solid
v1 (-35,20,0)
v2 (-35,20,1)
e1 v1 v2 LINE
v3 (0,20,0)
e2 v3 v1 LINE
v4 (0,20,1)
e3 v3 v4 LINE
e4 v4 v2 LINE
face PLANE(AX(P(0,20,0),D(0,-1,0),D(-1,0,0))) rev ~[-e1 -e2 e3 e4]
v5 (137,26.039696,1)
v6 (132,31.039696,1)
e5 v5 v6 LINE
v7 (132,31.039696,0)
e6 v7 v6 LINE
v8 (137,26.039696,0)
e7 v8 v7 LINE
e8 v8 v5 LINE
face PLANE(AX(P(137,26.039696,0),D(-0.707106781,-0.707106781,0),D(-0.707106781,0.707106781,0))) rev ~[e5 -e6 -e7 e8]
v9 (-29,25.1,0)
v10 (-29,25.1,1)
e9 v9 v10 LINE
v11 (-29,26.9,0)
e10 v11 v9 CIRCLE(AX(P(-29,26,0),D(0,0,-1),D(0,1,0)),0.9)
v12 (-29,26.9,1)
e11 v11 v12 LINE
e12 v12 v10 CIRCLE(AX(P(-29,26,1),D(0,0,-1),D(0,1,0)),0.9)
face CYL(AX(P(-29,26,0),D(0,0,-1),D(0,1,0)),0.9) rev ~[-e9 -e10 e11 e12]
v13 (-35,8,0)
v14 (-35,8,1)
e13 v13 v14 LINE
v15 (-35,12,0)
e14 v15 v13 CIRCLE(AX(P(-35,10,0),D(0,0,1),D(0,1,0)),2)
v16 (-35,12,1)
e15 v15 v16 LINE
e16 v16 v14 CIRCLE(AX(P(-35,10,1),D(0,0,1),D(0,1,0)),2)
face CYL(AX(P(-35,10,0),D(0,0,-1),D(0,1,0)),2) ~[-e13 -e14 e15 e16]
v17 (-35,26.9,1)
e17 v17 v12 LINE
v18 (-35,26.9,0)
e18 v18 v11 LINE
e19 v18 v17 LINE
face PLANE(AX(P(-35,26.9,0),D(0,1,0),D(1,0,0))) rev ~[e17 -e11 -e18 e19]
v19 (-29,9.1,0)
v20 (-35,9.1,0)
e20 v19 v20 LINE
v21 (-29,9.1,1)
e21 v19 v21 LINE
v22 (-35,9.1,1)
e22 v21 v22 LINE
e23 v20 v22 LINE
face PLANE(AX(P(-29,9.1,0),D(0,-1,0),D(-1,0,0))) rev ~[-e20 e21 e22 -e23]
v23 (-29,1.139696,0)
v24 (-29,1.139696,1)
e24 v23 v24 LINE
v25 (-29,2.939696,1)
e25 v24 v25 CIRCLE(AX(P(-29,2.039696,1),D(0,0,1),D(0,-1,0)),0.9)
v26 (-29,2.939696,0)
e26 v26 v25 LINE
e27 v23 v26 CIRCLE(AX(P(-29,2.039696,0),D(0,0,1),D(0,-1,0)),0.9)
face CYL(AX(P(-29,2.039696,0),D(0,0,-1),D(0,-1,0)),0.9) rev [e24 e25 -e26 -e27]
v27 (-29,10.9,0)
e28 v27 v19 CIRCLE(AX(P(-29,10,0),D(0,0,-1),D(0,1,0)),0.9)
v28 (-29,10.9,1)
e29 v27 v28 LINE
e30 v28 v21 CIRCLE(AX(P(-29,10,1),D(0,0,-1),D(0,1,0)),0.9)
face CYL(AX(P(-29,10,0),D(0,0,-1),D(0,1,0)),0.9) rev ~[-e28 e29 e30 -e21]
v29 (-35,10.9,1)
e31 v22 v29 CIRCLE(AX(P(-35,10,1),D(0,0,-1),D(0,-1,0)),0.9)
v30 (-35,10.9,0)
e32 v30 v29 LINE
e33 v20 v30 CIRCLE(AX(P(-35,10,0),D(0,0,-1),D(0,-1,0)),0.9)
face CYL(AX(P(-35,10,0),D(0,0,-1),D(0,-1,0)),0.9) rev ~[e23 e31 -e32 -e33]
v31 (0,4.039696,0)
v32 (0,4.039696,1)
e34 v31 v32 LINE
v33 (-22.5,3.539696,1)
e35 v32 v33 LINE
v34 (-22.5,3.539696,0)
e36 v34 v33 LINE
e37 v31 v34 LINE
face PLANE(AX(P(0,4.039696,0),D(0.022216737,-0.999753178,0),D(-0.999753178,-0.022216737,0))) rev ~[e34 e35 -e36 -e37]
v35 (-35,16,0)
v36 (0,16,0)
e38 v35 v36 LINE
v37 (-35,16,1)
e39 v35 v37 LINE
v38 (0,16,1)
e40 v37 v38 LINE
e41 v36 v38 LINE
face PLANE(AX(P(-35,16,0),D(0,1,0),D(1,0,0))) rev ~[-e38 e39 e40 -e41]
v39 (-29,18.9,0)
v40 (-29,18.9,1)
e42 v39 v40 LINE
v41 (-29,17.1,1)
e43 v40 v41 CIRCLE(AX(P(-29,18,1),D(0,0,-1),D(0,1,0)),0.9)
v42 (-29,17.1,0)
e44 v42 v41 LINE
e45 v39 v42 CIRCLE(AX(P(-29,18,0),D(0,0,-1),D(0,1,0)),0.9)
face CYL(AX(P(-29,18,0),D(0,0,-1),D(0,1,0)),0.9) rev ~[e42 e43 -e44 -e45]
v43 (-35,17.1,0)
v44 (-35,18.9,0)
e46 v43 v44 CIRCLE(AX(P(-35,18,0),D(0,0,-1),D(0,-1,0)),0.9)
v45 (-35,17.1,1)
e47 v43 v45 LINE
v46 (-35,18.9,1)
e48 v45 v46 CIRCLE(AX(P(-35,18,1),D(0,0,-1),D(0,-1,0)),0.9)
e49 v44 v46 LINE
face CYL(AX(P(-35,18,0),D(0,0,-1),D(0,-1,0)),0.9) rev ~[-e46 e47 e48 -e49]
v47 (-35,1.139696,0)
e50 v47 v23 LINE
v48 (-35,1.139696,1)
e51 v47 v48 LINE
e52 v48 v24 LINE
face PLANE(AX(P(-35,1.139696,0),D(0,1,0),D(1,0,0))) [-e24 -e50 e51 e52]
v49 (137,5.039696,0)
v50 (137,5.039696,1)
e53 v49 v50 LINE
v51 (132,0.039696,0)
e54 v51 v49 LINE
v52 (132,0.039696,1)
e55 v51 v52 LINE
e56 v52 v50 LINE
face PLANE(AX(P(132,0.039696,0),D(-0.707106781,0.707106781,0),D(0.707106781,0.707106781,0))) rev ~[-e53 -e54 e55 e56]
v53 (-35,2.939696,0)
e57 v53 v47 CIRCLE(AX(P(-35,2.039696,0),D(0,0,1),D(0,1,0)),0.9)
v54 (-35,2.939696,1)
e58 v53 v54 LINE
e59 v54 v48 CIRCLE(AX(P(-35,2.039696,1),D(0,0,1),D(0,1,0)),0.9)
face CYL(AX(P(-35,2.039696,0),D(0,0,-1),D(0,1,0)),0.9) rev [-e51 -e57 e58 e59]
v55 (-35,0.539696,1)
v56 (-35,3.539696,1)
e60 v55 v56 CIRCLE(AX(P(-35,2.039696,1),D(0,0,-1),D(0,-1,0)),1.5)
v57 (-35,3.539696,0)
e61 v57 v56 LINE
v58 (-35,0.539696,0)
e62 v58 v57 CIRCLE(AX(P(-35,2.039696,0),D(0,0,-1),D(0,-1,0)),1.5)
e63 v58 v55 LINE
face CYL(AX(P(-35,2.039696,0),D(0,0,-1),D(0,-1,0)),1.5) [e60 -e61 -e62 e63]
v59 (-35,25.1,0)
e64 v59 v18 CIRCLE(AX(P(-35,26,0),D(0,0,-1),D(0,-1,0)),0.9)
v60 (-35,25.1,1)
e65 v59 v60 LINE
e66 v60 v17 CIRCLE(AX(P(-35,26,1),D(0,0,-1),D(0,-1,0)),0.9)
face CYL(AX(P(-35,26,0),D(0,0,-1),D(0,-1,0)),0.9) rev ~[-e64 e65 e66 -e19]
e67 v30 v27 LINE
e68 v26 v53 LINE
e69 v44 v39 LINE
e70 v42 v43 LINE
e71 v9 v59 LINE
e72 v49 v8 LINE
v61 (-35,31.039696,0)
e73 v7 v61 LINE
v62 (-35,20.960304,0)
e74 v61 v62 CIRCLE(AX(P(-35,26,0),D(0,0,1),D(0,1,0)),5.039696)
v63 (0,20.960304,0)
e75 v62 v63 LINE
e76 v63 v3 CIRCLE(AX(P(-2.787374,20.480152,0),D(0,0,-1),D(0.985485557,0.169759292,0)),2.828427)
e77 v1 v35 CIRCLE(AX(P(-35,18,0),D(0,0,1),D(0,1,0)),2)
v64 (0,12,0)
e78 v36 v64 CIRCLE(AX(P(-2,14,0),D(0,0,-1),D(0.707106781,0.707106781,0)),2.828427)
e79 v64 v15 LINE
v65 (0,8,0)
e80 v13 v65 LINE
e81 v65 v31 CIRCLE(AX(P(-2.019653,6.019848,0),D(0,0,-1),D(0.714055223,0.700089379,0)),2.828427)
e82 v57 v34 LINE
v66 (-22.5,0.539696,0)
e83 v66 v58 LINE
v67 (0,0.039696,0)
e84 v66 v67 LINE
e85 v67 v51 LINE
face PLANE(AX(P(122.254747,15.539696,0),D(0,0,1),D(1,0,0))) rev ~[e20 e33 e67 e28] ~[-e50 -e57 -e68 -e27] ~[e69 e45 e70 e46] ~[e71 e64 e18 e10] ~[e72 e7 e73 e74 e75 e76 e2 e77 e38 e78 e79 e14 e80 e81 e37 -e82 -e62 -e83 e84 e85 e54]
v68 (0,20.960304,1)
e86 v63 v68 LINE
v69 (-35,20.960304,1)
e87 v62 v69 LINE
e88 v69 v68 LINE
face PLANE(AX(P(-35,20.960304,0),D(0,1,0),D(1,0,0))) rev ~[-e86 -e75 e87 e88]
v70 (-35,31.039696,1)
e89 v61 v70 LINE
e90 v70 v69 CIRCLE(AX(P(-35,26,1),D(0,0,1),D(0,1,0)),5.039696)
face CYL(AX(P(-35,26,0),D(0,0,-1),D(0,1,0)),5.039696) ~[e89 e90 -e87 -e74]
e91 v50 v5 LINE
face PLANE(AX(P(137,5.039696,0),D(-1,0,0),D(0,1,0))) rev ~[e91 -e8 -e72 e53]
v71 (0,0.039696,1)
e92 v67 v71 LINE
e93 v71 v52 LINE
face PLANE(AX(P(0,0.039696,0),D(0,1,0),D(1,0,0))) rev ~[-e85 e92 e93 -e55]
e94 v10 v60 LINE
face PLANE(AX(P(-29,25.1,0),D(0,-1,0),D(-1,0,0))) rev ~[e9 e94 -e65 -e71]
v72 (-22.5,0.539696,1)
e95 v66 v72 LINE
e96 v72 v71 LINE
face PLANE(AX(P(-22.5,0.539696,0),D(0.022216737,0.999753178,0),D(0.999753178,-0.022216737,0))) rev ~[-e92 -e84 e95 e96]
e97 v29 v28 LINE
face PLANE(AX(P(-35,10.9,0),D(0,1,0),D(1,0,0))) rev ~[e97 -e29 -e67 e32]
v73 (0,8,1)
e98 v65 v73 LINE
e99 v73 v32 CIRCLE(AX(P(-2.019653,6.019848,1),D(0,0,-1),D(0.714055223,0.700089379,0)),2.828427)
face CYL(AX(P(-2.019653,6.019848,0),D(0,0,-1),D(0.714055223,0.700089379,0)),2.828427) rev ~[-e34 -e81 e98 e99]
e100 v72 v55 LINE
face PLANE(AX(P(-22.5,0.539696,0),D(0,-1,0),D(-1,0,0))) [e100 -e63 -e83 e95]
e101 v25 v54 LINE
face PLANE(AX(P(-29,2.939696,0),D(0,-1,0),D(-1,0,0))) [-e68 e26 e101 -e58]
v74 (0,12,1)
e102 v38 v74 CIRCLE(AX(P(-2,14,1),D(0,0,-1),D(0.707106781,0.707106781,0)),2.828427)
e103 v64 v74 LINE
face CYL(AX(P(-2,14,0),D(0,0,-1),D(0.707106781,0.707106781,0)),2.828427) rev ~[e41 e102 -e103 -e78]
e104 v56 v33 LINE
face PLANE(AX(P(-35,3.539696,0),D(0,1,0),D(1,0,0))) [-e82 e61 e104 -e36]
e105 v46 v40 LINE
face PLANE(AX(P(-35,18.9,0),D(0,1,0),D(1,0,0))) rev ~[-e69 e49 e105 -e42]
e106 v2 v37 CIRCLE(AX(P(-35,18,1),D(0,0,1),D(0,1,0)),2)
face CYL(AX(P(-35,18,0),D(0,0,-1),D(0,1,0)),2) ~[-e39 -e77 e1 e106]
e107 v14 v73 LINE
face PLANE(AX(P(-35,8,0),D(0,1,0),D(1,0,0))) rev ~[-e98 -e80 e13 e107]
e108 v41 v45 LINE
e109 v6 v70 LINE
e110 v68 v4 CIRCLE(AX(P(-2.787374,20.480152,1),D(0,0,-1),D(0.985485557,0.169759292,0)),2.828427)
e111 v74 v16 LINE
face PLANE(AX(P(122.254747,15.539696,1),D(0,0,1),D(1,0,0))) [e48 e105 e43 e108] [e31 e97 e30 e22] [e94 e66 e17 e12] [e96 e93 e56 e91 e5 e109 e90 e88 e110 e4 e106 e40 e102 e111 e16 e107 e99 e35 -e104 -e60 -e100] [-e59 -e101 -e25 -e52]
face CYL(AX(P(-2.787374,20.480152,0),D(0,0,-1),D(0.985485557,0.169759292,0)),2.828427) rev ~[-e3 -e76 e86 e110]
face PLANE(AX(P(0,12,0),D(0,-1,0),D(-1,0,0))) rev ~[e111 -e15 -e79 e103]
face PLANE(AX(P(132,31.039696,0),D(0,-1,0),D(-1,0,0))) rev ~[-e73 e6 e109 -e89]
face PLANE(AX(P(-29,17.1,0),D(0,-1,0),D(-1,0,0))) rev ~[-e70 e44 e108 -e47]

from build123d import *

# Parameters (mm, degrees)
BOSS_EXTRU_1_DEPTH = 1


with BuildPart() as part:
    # Esquisse4 → Boss.-Extru.1 (new body)
    with BuildSketch(Plane.XY):
        Polygon((109.153274168, 31.039696422), (109.153274168, 0.039696422), (132, 0.039696422), (137, 5.039696422), (137, 26.039696422), (132, 31.039696422), align=None)
        with BuildLine():
            Line((0, 4.039696422), (-22.5, 3.539696422))
            Line((-22.5, 3.539696422), (-22.5, 0.539696422))
            Line((-22.5, 0.539696422), (0, 0.039696422))
            Line((0, 0.039696422), (109.153274168, 0.039696422))
            Line((109.153274168, 0.039696422), (109.153274168, 31.039696422))
            Line((109.153274168, 31.039696422), (0, 31.039696422))
            Line((0, 31.039696422), (-35, 31.039696422))
            ThreePointArc((-35, 31.039696422), (-40.039696422, 26), (-35, 20.960303578))
            Line((-35, 20.960303578), (0, 20.960303578))
            ThreePointArc((0, 20.960303578), (0.041053045, 20.480151789), (0, 20))
            Line((0, 20), (-35, 20))
            ThreePointArc((-35, 20), (-37, 18), (-35, 16))
            Line((-35, 16), (0, 16))
            ThreePointArc((0, 16), (0.828427125, 14), (0, 12))
            Line((0, 12), (-22.5, 12))
            Line((-22.5, 12), (-22.5, 8))
            Line((-22.5, 8), (0, 8))
            ThreePointArc((0, 8), (0.808773964, 6.019848211), (0, 4.039696422))
        make_face()
        with BuildLine():
            ThreePointArc((-35, 17.1), (-35.9, 18), (-35, 18.9))
            Line((-35, 18.9), (-29, 18.9))
            ThreePointArc((-29, 18.9), (-28.1, 18), (-29, 17.1))
            Line((-29, 17.1), (-35, 17.1))
        make_face(mode=Mode.SUBTRACT)
        with BuildLine():
            ThreePointArc((-35, 25.1), (-35.9, 26), (-35, 26.9))
            Line((-35, 26.9), (-29, 26.9))
            ThreePointArc((-29, 26.9), (-28.1, 26), (-29, 25.1))
            Line((-29, 25.1), (-35, 25.1))
        make_face(mode=Mode.SUBTRACT)
        with BuildLine():
            Line((-35, 8), (-22.5, 8))
            Line((-22.5, 8), (-22.5, 12))
            Line((-22.5, 12), (-35, 12))
            ThreePointArc((-35, 12), (-37, 10), (-35, 8))
        make_face()
        with BuildLine():
            ThreePointArc((-35, 9.1), (-35.9, 10), (-35, 10.9))
            Line((-35, 10.9), (-29, 10.9))
            ThreePointArc((-29, 10.9), (-28.1, 10), (-29, 9.1))
            Line((-29, 9.1), (-35, 9.1))
        make_face(mode=Mode.SUBTRACT)
        with BuildLine():
            ThreePointArc((-35, 0.539696422), (-36.5, 2.039696422), (-35, 3.539696422))
            Line((-35, 3.539696422), (-22.5, 3.539696422))
            Line((-22.5, 3.539696422), (-22.5, 0.539696422))
            Line((-22.5, 0.539696422), (-35, 0.539696422))
        make_face()
        with BuildLine():
            ThreePointArc((-29, 1.139696422), (-28.1, 2.039696422), (-29, 2.939696422))
            Line((-29, 2.939696422), (-35, 2.939696422))
            ThreePointArc((-35, 2.939696422), (-35.9, 2.039696422), (-35, 1.139696422))
            Line((-35, 1.139696422), (-29, 1.139696422))
        make_face(mode=Mode.SUBTRACT)
    extrude(amount=BOSS_EXTRU_1_DEPTH)


solid = part.part
